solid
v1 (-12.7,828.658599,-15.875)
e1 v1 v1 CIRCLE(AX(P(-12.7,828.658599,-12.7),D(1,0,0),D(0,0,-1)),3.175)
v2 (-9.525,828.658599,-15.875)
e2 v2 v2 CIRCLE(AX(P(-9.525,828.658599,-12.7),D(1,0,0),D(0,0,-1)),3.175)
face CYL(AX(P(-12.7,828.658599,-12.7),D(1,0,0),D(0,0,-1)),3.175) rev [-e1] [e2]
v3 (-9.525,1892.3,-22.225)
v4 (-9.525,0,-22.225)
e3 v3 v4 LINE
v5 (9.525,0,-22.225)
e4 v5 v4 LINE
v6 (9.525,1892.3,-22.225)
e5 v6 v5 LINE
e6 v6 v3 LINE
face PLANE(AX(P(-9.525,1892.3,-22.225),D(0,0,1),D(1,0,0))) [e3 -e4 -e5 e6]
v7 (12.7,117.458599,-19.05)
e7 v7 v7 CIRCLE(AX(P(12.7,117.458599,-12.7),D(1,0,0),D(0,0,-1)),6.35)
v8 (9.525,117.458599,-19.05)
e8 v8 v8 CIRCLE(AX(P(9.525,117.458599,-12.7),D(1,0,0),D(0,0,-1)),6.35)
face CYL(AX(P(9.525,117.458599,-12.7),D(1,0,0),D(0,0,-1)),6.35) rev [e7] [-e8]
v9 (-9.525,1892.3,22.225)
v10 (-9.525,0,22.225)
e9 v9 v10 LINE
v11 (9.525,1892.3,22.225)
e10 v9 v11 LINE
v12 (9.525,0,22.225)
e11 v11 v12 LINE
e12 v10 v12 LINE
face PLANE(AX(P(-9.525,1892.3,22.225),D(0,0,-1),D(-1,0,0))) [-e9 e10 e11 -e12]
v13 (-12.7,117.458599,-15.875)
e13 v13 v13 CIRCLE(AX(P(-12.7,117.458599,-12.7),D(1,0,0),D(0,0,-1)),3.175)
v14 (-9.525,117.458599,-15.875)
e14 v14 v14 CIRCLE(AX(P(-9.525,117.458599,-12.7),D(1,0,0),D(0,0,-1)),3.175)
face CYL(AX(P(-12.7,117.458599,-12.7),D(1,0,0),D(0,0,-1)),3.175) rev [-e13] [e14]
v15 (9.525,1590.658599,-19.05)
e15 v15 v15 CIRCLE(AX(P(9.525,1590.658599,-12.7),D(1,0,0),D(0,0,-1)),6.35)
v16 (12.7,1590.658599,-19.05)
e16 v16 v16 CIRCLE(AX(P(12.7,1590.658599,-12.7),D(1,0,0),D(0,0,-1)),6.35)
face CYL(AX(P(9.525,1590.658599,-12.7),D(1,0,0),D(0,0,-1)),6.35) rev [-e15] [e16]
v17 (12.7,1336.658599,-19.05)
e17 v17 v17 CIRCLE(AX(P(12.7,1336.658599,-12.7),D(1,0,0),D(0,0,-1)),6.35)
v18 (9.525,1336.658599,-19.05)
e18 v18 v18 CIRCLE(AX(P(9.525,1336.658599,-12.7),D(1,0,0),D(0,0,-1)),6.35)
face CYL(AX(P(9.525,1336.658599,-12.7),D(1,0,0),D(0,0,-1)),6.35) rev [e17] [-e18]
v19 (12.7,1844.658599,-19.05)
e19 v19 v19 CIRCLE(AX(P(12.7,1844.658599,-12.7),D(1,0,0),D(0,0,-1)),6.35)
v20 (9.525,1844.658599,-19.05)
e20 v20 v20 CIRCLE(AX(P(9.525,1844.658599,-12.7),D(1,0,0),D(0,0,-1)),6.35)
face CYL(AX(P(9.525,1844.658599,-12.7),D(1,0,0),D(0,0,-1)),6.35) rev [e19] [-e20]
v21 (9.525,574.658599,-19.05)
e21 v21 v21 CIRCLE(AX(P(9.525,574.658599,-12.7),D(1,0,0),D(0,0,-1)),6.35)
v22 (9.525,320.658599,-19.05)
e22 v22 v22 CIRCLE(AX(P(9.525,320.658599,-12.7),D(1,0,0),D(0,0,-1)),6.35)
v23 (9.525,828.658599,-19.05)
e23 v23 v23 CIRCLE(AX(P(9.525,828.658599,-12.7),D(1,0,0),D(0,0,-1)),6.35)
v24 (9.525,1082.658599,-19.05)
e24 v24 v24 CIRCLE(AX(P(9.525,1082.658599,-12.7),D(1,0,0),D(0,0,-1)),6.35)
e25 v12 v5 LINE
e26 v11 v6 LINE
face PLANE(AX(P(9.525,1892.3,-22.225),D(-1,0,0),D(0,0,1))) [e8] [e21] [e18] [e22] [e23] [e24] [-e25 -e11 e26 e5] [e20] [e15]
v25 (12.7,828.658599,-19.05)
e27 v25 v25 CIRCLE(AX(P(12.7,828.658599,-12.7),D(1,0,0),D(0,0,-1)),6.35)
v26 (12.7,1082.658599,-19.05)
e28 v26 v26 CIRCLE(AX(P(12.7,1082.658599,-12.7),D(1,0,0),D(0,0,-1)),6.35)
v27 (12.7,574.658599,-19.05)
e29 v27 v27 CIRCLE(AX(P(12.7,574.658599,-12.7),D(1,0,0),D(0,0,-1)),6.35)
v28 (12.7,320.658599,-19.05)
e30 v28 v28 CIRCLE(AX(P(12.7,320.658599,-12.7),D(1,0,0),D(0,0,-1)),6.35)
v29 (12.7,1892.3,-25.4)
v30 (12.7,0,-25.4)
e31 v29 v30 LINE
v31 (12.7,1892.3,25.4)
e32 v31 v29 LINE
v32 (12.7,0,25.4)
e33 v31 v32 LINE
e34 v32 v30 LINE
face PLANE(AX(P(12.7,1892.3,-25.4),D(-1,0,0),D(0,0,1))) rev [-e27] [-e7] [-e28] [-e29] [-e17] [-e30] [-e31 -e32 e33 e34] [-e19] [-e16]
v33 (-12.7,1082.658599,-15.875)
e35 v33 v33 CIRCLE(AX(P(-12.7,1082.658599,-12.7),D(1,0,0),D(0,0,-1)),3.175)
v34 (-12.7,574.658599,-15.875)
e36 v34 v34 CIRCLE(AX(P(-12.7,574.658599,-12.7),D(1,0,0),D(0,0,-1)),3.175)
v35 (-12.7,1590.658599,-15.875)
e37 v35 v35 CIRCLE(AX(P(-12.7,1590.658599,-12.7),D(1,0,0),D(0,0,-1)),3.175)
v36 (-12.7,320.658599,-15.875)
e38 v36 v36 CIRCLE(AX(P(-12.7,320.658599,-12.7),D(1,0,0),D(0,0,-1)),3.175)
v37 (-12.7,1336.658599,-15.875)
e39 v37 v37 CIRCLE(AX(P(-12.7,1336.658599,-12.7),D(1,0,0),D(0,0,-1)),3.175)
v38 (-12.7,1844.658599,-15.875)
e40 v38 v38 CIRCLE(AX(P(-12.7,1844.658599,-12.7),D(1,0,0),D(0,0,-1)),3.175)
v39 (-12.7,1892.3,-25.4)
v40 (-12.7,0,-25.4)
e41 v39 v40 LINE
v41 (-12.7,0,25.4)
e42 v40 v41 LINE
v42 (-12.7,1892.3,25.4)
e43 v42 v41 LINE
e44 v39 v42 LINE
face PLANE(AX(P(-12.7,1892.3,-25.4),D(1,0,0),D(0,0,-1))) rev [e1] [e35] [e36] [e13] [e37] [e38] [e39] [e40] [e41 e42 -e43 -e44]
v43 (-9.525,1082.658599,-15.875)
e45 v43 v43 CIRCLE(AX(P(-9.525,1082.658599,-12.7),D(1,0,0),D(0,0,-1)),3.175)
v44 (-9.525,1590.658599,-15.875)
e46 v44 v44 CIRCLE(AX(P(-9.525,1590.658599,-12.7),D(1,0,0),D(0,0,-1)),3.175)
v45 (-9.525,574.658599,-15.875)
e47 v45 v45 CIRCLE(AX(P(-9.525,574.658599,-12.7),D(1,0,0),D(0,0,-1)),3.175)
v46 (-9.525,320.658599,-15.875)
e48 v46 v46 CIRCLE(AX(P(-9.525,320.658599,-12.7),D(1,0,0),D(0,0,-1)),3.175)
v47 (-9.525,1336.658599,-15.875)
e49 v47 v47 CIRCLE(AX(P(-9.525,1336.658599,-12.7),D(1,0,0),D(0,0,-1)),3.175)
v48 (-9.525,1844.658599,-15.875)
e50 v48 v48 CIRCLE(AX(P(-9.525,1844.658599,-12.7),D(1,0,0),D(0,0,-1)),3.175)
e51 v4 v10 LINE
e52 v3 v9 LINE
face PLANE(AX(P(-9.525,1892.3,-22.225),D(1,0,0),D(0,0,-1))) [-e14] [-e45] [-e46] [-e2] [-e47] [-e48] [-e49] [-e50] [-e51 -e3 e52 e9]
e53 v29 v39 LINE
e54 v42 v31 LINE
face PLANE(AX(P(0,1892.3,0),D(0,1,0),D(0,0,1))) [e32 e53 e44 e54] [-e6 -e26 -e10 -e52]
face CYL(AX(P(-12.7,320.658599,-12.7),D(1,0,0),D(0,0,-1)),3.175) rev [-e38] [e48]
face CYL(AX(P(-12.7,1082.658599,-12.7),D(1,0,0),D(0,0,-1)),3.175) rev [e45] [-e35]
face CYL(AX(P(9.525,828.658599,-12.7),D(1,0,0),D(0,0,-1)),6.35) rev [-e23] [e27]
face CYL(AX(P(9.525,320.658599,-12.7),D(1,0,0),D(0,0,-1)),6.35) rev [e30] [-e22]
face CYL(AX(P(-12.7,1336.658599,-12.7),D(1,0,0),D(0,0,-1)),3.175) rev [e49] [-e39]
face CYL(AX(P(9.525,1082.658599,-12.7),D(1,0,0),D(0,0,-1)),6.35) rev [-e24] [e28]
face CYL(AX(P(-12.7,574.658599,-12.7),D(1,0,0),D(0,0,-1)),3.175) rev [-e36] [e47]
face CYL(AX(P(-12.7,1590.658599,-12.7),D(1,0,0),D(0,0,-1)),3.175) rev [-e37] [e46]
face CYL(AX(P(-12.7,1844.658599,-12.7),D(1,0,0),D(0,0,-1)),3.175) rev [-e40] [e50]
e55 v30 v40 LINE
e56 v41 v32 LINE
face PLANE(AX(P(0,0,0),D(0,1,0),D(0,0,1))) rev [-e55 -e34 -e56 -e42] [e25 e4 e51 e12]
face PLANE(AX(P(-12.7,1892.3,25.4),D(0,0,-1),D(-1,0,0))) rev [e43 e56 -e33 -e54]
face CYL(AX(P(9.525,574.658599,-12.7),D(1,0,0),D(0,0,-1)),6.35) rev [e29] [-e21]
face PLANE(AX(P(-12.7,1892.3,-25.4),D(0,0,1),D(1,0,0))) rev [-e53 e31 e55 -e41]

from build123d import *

# Parameters (mm, degrees)
SKETCH1_W           = 25.4
SKETCH1_H           = 50.8
SKETCH1_W_2         = 19.05
SKETCH1_H_2         = 44.45
BOSS_EXTRUDE2_DEPTH = 1892.3
SKETCH2_R           = 3.175
CUT_EXTRUDE1_DEPTH  = 25.4
SKETCH3_R           = 3.175
CUT_EXTRUDE2_DEPTH  = 25.4
SKETCH4_R           = 6.35
CUT_EXTRUDE3_DEPTH  = 3.175
SKETCH5_R           = 6.35
CUT_EXTRUDE4_DEPTH  = 3.175


with BuildPart() as part:
    # Sketch1 → Boss-Extrude2 (new body)
    with BuildSketch(Plane(origin=(0, 0, 0), x_dir=(1, 0, 0), z_dir=(0, 1, 0))):
        Rectangle(SKETCH1_W, SKETCH1_H)
        Rectangle(SKETCH1_W_2, SKETCH1_H_2, mode=Mode.SUBTRACT)
    extrude(amount=BOSS_EXTRUDE2_DEPTH)

    # Sketch2 → Cut-Extrude1 (cut)
    with BuildSketch(Plane(origin=(12.7, 0, 0), x_dir=(0, 0, -1), z_dir=(1, 0, 0))):
        with Locations((12.7, 1844.658598875)):
            Circle(SKETCH2_R)
        with Locations((12.7, 1590.658598875)):
            Circle(SKETCH2_R)
        with Locations((12.7, 1336.658598875)):
            Circle(SKETCH2_R)
        with Locations((12.7, 1082.658598875)):
            Circle(SKETCH2_R)
        with Locations((12.7, 828.658598875)):
            Circle(SKETCH2_R)
        with Locations((12.7, 574.658598875)):
            Circle(SKETCH2_R)
        with Locations((12.7, 320.658598875)):
            Circle(SKETCH2_R)
    extrude(amount=-CUT_EXTRUDE1_DEPTH, mode=Mode.SUBTRACT)

    # Sketch3 → Cut-Extrude2 (cut)
    with BuildSketch(Plane(origin=(12.7, 0, 0), x_dir=(0, 0, -1), z_dir=(1, 0, 0))):
        with Locations((12.7, 117.458598875)):
            Circle(SKETCH3_R)
    extrude(amount=-CUT_EXTRUDE2_DEPTH, mode=Mode.SUBTRACT)

    # Sketch4 → Cut-Extrude3 (cut)
    with BuildSketch(Plane(origin=(12.7, 0, 0), x_dir=(0, 0, -1), z_dir=(1, 0, 0))):
        with Locations((12.7, 1844.658598875)):
            Circle(SKETCH4_R)
        with Locations((12.7, 1590.658598875)):
            Circle(SKETCH4_R)
        with Locations((12.7, 1336.658598875)):
            Circle(SKETCH4_R)
        with Locations((12.699999999, 1082.658598875)):
            Circle(SKETCH4_R)
        with Locations((12.699999999, 828.658598875)):
            Circle(SKETCH4_R)
        with Locations((12.699999999, 574.658598875)):
            Circle(SKETCH4_R)
        with Locations((12.699999999, 320.658598875)):
            Circle(SKETCH4_R)
    extrude(amount=-CUT_EXTRUDE3_DEPTH, mode=Mode.SUBTRACT)

    # Sketch5 → Cut-Extrude4 (cut)
    with BuildSketch(Plane(origin=(12.7, 0, 0), x_dir=(0, 0, -1), z_dir=(1, 0, 0))):
        with Locations((12.7, 117.458598875)):
            Circle(SKETCH5_R)
    extrude(amount=-CUT_EXTRUDE4_DEPTH, mode=Mode.SUBTRACT)


solid = part.part
